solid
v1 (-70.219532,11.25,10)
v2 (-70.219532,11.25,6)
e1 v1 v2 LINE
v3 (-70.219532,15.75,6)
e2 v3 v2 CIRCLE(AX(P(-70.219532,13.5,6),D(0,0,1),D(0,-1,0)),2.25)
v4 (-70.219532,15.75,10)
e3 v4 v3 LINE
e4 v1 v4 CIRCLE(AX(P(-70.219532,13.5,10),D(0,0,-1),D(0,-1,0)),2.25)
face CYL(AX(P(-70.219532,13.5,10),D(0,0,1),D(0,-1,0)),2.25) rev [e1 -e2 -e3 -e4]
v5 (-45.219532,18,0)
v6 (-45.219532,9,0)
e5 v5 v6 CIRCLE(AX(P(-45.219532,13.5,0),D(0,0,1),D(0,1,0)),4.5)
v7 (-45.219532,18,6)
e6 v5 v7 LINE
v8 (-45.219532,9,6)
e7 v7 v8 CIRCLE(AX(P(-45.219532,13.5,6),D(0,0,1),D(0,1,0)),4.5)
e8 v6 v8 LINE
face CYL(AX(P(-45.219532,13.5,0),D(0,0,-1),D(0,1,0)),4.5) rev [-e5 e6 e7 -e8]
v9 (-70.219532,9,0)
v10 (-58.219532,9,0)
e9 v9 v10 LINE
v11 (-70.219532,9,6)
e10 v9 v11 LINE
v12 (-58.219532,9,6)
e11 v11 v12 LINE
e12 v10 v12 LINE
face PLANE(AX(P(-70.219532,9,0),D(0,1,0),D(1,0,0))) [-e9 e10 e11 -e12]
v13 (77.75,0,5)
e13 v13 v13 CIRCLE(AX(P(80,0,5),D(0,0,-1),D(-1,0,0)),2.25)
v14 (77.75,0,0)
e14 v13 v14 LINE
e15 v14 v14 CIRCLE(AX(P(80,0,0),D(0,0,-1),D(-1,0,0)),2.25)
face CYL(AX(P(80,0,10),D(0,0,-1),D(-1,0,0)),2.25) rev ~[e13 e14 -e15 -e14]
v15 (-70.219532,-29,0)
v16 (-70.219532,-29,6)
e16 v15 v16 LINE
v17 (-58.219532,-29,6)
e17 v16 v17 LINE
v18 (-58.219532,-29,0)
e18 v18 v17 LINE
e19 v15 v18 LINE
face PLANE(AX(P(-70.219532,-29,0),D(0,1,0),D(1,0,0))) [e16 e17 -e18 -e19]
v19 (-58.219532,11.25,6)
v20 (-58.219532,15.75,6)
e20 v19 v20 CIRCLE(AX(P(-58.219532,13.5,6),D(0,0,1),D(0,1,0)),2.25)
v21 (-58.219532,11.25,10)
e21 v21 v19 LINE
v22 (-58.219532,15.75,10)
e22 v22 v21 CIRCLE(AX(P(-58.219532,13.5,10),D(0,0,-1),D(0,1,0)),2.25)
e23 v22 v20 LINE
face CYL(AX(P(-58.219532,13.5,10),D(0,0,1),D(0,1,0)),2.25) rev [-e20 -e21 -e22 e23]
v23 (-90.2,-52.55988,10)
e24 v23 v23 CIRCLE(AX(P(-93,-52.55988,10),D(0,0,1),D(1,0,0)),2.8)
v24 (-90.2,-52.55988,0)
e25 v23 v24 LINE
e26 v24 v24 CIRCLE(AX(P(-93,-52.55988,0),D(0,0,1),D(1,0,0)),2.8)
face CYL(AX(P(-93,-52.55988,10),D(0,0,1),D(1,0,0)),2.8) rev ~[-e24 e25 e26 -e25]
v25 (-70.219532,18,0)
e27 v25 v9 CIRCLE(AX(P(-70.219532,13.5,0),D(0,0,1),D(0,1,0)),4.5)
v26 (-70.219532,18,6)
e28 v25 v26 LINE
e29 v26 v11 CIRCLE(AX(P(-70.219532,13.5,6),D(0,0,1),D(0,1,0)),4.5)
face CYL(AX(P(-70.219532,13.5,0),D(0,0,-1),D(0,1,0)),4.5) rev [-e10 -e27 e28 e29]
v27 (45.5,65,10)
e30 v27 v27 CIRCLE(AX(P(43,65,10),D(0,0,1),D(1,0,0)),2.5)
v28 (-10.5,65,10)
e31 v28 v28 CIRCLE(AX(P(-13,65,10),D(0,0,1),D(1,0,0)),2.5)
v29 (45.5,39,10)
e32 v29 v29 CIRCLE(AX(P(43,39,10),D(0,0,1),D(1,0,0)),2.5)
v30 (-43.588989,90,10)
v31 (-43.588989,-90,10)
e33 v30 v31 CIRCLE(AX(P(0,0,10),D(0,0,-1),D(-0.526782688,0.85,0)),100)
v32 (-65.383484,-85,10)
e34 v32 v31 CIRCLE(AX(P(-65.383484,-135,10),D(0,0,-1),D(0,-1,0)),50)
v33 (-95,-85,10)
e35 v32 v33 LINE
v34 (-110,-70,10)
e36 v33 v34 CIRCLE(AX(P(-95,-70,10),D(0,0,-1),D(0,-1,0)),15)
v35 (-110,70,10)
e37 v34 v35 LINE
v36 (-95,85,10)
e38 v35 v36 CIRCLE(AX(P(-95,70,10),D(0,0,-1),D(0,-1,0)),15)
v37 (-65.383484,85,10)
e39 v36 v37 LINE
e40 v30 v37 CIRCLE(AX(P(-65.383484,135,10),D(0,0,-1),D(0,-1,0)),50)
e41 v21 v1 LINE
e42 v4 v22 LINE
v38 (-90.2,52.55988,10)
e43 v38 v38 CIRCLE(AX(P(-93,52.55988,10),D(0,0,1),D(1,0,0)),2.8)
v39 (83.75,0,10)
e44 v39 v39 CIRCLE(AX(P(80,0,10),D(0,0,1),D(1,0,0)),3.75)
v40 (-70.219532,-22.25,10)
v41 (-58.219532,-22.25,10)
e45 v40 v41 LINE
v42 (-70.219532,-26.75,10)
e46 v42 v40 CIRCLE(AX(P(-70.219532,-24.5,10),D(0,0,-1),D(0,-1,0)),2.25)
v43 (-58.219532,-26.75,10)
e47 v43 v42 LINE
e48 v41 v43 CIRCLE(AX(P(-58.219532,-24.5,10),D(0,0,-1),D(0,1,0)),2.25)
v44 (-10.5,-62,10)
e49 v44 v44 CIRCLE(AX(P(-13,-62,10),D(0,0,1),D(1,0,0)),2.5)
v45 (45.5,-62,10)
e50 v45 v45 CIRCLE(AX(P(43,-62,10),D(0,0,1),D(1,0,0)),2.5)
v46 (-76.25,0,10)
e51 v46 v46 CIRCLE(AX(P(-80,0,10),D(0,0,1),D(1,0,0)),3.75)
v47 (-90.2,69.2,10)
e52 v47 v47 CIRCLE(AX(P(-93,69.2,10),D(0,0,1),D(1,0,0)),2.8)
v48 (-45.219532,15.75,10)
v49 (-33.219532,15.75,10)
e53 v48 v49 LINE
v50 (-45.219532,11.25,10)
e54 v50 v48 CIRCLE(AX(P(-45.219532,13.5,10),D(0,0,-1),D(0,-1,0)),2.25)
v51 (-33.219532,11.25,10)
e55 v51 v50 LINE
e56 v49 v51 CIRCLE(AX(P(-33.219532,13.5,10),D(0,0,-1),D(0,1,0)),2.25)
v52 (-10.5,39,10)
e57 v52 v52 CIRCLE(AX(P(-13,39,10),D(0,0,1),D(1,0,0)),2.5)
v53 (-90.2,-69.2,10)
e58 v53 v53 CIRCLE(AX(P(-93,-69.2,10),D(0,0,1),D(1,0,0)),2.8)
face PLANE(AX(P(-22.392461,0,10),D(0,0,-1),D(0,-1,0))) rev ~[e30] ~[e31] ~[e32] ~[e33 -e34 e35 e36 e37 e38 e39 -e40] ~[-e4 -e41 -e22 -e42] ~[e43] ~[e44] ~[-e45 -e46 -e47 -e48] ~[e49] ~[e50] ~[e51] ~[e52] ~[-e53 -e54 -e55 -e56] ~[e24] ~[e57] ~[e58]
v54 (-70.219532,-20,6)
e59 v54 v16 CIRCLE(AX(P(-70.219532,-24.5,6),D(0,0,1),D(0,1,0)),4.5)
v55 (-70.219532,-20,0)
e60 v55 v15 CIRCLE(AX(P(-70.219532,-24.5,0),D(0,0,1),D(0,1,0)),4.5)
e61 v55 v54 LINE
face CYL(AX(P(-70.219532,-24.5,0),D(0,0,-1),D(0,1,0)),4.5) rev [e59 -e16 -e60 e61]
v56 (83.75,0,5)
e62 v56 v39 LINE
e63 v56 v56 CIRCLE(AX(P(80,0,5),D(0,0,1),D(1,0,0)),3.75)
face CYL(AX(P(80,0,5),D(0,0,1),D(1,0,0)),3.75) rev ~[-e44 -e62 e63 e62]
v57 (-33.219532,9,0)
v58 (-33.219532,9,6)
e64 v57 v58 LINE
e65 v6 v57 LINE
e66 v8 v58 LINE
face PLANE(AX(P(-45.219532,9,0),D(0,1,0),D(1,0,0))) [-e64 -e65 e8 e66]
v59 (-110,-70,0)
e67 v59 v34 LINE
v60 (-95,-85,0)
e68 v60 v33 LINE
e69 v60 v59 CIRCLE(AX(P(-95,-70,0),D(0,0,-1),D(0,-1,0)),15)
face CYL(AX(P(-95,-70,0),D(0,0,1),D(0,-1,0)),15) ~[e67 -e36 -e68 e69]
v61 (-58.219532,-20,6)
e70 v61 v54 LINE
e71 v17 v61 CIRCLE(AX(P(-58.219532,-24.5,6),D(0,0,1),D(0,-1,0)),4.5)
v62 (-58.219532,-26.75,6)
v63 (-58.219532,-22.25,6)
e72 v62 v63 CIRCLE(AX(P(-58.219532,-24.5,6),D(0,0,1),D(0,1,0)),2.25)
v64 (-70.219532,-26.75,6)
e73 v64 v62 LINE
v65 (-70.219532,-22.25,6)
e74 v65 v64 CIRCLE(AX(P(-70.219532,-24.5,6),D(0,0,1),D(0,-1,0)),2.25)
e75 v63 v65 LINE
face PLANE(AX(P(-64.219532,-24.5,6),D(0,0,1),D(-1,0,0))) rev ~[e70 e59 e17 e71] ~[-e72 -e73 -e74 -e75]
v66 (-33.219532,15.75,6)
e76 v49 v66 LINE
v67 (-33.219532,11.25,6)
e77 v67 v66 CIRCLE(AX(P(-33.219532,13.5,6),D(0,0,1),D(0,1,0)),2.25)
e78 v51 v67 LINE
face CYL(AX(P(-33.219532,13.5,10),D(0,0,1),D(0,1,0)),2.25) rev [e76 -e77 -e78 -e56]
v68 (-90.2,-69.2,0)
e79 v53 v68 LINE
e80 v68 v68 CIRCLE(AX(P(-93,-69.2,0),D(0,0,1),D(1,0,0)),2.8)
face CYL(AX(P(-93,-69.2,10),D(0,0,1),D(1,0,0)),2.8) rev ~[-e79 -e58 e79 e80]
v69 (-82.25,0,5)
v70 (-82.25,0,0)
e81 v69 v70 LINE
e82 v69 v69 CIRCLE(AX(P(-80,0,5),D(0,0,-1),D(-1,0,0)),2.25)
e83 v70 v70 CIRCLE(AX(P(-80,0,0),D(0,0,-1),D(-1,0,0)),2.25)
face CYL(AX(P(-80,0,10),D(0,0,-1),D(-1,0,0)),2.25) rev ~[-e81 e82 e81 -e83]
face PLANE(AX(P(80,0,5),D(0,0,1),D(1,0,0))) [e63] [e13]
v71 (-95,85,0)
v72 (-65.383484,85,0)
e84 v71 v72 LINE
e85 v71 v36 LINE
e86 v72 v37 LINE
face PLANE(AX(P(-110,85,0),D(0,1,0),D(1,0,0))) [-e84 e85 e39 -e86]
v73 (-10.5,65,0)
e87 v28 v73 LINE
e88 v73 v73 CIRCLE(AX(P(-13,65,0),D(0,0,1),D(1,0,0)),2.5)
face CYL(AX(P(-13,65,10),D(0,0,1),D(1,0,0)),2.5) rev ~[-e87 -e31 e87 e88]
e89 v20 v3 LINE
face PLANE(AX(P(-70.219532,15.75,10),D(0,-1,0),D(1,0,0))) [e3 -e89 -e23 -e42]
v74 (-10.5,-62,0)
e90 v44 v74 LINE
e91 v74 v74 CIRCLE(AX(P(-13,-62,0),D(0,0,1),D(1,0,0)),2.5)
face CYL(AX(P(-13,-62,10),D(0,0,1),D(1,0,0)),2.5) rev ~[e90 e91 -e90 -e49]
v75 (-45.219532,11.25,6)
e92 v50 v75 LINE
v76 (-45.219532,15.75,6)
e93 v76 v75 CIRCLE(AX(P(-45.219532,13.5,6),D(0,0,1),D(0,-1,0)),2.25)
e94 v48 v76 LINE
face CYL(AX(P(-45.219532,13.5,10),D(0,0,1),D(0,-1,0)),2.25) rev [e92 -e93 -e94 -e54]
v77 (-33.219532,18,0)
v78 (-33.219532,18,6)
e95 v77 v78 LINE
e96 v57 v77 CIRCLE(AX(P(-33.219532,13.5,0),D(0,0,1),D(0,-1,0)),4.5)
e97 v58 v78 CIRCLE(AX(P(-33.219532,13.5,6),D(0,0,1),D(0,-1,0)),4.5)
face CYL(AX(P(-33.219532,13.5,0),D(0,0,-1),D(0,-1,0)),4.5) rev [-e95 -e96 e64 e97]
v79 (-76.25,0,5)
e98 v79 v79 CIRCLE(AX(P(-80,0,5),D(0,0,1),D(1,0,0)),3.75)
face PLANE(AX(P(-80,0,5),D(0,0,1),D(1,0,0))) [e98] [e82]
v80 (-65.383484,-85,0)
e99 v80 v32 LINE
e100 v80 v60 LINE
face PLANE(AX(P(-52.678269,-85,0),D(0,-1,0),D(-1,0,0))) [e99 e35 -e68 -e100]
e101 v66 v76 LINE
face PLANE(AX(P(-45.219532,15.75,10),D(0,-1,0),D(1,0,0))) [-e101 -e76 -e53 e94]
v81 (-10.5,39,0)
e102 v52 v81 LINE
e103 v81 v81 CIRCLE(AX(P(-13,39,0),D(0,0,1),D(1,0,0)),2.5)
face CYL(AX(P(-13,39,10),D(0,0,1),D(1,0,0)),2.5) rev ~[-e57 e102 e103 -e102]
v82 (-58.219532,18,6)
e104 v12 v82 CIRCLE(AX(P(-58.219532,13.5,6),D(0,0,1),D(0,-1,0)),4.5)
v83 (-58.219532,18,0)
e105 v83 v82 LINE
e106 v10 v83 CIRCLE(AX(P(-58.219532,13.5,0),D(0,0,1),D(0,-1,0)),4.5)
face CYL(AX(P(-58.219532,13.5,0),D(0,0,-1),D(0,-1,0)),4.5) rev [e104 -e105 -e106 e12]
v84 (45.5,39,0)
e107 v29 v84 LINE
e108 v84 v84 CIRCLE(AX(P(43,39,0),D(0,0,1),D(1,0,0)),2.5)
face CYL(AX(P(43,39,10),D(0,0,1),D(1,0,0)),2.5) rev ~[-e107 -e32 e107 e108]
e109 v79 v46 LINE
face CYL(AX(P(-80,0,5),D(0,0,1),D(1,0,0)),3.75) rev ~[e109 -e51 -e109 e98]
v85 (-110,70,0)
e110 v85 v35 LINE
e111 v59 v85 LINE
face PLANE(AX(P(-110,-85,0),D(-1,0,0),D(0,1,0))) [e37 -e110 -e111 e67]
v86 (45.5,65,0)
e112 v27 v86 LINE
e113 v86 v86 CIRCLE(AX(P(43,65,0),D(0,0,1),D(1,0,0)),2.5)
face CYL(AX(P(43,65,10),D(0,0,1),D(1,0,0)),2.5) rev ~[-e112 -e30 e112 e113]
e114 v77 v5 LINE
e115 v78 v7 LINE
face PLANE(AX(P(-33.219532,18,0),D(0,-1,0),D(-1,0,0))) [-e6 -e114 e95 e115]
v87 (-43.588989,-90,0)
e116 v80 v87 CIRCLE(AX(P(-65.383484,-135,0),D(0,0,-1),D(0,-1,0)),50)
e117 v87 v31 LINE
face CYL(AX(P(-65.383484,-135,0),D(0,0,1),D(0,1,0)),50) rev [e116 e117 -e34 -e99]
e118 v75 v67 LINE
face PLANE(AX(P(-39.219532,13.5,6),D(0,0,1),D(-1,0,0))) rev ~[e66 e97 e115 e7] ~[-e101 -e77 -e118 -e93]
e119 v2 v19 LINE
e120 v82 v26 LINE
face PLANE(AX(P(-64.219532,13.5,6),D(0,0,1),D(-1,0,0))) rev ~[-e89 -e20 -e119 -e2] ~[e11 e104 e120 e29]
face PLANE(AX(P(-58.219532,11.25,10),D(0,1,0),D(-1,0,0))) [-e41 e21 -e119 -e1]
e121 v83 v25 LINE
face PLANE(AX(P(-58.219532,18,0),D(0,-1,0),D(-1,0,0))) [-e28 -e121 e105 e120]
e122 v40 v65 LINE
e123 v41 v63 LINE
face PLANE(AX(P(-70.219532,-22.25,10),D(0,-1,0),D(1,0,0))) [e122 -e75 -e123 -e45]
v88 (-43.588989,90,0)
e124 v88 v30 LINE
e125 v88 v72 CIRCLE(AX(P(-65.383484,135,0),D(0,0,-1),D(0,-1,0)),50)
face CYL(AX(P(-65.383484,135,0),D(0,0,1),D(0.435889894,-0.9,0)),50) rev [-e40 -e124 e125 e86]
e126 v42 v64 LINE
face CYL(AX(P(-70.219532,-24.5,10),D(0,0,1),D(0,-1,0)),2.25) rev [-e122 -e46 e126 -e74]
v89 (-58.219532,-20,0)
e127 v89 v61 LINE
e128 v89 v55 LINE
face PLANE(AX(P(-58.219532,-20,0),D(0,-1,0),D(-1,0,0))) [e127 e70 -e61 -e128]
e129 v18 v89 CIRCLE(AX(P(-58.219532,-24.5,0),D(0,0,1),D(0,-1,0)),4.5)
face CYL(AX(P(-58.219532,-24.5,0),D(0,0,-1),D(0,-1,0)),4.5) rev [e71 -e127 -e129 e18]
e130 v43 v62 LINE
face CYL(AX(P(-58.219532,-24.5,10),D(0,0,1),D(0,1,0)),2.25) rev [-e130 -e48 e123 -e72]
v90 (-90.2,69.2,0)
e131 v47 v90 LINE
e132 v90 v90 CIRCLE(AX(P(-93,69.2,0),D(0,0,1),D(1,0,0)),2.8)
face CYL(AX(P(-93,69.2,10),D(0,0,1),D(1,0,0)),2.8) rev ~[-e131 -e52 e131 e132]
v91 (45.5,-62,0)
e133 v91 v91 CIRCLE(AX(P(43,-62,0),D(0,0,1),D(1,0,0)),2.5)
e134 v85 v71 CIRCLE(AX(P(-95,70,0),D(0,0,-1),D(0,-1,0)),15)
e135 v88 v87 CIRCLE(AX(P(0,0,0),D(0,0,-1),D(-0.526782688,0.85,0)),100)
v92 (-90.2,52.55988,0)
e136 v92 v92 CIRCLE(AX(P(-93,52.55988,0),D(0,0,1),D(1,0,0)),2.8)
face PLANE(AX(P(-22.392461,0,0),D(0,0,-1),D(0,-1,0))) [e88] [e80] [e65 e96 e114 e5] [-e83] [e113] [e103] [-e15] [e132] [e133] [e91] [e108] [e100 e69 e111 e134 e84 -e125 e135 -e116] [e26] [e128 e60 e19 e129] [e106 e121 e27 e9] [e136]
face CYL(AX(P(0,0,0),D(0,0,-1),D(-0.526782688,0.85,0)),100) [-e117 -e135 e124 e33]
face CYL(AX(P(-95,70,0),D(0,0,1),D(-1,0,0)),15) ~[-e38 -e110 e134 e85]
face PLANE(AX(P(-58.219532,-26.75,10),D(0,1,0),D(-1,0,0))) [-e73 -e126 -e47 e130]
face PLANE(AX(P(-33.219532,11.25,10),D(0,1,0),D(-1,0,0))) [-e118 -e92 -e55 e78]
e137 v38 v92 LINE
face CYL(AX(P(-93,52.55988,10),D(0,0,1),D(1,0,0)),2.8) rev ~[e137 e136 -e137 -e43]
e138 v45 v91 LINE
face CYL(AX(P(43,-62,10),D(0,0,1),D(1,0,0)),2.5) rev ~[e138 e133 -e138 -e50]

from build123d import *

# Parameters (mm, degrees)
SALIENTE_EXTRUIR2_DEPTH                              = 10
REDONDEO3_R                                          = 15
REDONDEO5_R                                          = 50
CROQUIS4_R                                           = 2.8
CROQUIS4_R_2                                         = 2.5
CORTAR_EXTRUIR1_DEPTH                                = 149.996644258
REFRENTADO_PARA_TORNILLO_CON_CABEZA_TRON_D           = 4.5
REFRENTADO_PARA_TORNILLO_CON_CABEZA_TRON_CBORE_D     = 7.5
REFRENTADO_PARA_TORNILLO_CON_CABEZA_TRON_CBORE_DEPTH = 5
CORTAR_EXTRUIR2_DEPTH                                = 6


with BuildPart() as part:
    # Croquis2 → Saliente-Extruir2 (new body)
    with BuildSketch(Plane(origin=(0, 0, 0), x_dir=(0, 1, 0), z_dir=(0, 0, 1))):
        with BuildLine():
            Line((-85, 52.678268764), (-85, 110))
            Line((-85, 110), (85, 110))
            Line((85, 110), (85, 52.678268764))
            ThreePointArc((85, 52.678268764), (0, -100), (-85, 52.678268764))
        make_face()
    extrude(amount=SALIENTE_EXTRUIR2_DEPTH)

    # Redondeo3
    redondeo3_edges = [part.edges().sort_by_distance(p)[0] for p in [
        (-110, -85, 5),
        (-110, 85, 5),
    ]]
    fillet(redondeo3_edges, radius=REDONDEO3_R)

    # Redondeo5
    redondeo5_edges = [part.edges().sort_by_distance(p)[0] for p in [
        (-52.678268764, 85, 5),
        (-52.678268764, -85, 5),
    ]]
    fillet(redondeo5_edges, radius=REDONDEO5_R)

    # Croquis4 → Cortar-Extruir1 (cut, through all)
    with BuildSketch(Plane.XY.offset(10)):
        with Locations((-93, 69.2)):
            Circle(CROQUIS4_R)
        with Locations((-93, 52.559880358)):
            Circle(CROQUIS4_R)
        with Locations((-93, -52.559880358)):
            Circle(CROQUIS4_R)
        with Locations((-93, -69.2)):
            Circle(CROQUIS4_R)
        with Locations((-13, 39)):
            Circle(CROQUIS4_R_2)
        with Locations((43, 39)):
            Circle(CROQUIS4_R_2)
        with Locations((-13, 65)):
            Circle(CROQUIS4_R_2)
        with Locations((43, 65)):
            Circle(CROQUIS4_R_2)
        with Locations((-13, -62)):
            Circle(CROQUIS4_R_2)
        with Locations((43, -62)):
            Circle(CROQUIS4_R_2)
        with BuildLine():
            Line((-58.219532094, 11.25), (-70.219532094, 11.25))
            ThreePointArc((-70.219532094, 11.25), (-72.469532094, 13.5), (-70.219532094, 15.75))
            Line((-70.219532094, 15.75), (-58.219532094, 15.75))
            ThreePointArc((-58.219532094, 15.75), (-55.969532094, 13.5), (-58.219532094, 11.25))
        make_face()
        with BuildLine():
            Line((-33.219532094, 11.25), (-45.219532094, 11.25))
            ThreePointArc((-45.219532094, 11.25), (-47.469532094, 13.5), (-45.219532094, 15.75))
            Line((-45.219532094, 15.75), (-33.219532094, 15.75))
            ThreePointArc((-33.219532094, 15.75), (-30.969532094, 13.5), (-33.219532094, 11.25))
        make_face()
        with BuildLine():
            Line((-58.219532094, -26.75), (-70.219532094, -26.75))
            ThreePointArc((-70.219532094, -26.75), (-72.469532094, -24.5), (-70.219532094, -22.25))
            Line((-70.219532094, -22.25), (-58.219532094, -22.25))
            ThreePointArc((-58.219532094, -22.25), (-55.969532094, -24.5), (-58.219532094, -26.75))
        make_face()
    extrude(amount=-CORTAR_EXTRUIR1_DEPTH, mode=Mode.SUBTRACT)

    # Refrentado para tornillo con cabeza tron (through all)
    with Locations(Plane.XY.offset(10)):
        with Locations((-80, 0), (80, 0)):
            CounterBoreHole(REFRENTADO_PARA_TORNILLO_CON_CABEZA_TRON_D / 2, REFRENTADO_PARA_TORNILLO_CON_CABEZA_TRON_CBORE_D / 2, REFRENTADO_PARA_TORNILLO_CON_CABEZA_TRON_CBORE_DEPTH)

    # Croquis7 → Cortar-Extruir2 (cut)
    with BuildSketch(Plane(origin=(0, 0, 0), x_dir=(1, 0, 0), z_dir=(0, 0, -1))):
        with BuildLine():
            Line((-70.219532094, 29), (-58.219532094, 29))
            ThreePointArc((-58.219532094, 29), (-53.719532094, 24.5), (-58.219532094, 20))
            Line((-58.219532094, 20), (-70.219532094, 20))
            ThreePointArc((-70.219532094, 20), (-74.719532094, 24.5), (-70.219532094, 29))
        make_face()
        with BuildLine():
            Line((-70.219532094, -9), (-58.219532094, -9))
            ThreePointArc((-58.219532094, -9), (-53.719532094, -13.5), (-58.219532094, -18))
            Line((-58.219532094, -18), (-70.219532094, -18))
            ThreePointArc((-70.219532094, -18), (-74.719532094, -13.5), (-70.219532094, -9))
        make_face()
        with BuildLine():
            Line((-45.219532094, -9), (-33.219532094, -9))
            ThreePointArc((-33.219532094, -9), (-28.719532094, -13.5), (-33.219532094, -18))
            Line((-33.219532094, -18), (-45.219532094, -18))
            ThreePointArc((-45.219532094, -18), (-49.719532094, -13.5), (-45.219532094, -9))
        make_face()
    extrude(amount=-CORTAR_EXTRUIR2_DEPTH, mode=Mode.SUBTRACT)


solid = part.part
